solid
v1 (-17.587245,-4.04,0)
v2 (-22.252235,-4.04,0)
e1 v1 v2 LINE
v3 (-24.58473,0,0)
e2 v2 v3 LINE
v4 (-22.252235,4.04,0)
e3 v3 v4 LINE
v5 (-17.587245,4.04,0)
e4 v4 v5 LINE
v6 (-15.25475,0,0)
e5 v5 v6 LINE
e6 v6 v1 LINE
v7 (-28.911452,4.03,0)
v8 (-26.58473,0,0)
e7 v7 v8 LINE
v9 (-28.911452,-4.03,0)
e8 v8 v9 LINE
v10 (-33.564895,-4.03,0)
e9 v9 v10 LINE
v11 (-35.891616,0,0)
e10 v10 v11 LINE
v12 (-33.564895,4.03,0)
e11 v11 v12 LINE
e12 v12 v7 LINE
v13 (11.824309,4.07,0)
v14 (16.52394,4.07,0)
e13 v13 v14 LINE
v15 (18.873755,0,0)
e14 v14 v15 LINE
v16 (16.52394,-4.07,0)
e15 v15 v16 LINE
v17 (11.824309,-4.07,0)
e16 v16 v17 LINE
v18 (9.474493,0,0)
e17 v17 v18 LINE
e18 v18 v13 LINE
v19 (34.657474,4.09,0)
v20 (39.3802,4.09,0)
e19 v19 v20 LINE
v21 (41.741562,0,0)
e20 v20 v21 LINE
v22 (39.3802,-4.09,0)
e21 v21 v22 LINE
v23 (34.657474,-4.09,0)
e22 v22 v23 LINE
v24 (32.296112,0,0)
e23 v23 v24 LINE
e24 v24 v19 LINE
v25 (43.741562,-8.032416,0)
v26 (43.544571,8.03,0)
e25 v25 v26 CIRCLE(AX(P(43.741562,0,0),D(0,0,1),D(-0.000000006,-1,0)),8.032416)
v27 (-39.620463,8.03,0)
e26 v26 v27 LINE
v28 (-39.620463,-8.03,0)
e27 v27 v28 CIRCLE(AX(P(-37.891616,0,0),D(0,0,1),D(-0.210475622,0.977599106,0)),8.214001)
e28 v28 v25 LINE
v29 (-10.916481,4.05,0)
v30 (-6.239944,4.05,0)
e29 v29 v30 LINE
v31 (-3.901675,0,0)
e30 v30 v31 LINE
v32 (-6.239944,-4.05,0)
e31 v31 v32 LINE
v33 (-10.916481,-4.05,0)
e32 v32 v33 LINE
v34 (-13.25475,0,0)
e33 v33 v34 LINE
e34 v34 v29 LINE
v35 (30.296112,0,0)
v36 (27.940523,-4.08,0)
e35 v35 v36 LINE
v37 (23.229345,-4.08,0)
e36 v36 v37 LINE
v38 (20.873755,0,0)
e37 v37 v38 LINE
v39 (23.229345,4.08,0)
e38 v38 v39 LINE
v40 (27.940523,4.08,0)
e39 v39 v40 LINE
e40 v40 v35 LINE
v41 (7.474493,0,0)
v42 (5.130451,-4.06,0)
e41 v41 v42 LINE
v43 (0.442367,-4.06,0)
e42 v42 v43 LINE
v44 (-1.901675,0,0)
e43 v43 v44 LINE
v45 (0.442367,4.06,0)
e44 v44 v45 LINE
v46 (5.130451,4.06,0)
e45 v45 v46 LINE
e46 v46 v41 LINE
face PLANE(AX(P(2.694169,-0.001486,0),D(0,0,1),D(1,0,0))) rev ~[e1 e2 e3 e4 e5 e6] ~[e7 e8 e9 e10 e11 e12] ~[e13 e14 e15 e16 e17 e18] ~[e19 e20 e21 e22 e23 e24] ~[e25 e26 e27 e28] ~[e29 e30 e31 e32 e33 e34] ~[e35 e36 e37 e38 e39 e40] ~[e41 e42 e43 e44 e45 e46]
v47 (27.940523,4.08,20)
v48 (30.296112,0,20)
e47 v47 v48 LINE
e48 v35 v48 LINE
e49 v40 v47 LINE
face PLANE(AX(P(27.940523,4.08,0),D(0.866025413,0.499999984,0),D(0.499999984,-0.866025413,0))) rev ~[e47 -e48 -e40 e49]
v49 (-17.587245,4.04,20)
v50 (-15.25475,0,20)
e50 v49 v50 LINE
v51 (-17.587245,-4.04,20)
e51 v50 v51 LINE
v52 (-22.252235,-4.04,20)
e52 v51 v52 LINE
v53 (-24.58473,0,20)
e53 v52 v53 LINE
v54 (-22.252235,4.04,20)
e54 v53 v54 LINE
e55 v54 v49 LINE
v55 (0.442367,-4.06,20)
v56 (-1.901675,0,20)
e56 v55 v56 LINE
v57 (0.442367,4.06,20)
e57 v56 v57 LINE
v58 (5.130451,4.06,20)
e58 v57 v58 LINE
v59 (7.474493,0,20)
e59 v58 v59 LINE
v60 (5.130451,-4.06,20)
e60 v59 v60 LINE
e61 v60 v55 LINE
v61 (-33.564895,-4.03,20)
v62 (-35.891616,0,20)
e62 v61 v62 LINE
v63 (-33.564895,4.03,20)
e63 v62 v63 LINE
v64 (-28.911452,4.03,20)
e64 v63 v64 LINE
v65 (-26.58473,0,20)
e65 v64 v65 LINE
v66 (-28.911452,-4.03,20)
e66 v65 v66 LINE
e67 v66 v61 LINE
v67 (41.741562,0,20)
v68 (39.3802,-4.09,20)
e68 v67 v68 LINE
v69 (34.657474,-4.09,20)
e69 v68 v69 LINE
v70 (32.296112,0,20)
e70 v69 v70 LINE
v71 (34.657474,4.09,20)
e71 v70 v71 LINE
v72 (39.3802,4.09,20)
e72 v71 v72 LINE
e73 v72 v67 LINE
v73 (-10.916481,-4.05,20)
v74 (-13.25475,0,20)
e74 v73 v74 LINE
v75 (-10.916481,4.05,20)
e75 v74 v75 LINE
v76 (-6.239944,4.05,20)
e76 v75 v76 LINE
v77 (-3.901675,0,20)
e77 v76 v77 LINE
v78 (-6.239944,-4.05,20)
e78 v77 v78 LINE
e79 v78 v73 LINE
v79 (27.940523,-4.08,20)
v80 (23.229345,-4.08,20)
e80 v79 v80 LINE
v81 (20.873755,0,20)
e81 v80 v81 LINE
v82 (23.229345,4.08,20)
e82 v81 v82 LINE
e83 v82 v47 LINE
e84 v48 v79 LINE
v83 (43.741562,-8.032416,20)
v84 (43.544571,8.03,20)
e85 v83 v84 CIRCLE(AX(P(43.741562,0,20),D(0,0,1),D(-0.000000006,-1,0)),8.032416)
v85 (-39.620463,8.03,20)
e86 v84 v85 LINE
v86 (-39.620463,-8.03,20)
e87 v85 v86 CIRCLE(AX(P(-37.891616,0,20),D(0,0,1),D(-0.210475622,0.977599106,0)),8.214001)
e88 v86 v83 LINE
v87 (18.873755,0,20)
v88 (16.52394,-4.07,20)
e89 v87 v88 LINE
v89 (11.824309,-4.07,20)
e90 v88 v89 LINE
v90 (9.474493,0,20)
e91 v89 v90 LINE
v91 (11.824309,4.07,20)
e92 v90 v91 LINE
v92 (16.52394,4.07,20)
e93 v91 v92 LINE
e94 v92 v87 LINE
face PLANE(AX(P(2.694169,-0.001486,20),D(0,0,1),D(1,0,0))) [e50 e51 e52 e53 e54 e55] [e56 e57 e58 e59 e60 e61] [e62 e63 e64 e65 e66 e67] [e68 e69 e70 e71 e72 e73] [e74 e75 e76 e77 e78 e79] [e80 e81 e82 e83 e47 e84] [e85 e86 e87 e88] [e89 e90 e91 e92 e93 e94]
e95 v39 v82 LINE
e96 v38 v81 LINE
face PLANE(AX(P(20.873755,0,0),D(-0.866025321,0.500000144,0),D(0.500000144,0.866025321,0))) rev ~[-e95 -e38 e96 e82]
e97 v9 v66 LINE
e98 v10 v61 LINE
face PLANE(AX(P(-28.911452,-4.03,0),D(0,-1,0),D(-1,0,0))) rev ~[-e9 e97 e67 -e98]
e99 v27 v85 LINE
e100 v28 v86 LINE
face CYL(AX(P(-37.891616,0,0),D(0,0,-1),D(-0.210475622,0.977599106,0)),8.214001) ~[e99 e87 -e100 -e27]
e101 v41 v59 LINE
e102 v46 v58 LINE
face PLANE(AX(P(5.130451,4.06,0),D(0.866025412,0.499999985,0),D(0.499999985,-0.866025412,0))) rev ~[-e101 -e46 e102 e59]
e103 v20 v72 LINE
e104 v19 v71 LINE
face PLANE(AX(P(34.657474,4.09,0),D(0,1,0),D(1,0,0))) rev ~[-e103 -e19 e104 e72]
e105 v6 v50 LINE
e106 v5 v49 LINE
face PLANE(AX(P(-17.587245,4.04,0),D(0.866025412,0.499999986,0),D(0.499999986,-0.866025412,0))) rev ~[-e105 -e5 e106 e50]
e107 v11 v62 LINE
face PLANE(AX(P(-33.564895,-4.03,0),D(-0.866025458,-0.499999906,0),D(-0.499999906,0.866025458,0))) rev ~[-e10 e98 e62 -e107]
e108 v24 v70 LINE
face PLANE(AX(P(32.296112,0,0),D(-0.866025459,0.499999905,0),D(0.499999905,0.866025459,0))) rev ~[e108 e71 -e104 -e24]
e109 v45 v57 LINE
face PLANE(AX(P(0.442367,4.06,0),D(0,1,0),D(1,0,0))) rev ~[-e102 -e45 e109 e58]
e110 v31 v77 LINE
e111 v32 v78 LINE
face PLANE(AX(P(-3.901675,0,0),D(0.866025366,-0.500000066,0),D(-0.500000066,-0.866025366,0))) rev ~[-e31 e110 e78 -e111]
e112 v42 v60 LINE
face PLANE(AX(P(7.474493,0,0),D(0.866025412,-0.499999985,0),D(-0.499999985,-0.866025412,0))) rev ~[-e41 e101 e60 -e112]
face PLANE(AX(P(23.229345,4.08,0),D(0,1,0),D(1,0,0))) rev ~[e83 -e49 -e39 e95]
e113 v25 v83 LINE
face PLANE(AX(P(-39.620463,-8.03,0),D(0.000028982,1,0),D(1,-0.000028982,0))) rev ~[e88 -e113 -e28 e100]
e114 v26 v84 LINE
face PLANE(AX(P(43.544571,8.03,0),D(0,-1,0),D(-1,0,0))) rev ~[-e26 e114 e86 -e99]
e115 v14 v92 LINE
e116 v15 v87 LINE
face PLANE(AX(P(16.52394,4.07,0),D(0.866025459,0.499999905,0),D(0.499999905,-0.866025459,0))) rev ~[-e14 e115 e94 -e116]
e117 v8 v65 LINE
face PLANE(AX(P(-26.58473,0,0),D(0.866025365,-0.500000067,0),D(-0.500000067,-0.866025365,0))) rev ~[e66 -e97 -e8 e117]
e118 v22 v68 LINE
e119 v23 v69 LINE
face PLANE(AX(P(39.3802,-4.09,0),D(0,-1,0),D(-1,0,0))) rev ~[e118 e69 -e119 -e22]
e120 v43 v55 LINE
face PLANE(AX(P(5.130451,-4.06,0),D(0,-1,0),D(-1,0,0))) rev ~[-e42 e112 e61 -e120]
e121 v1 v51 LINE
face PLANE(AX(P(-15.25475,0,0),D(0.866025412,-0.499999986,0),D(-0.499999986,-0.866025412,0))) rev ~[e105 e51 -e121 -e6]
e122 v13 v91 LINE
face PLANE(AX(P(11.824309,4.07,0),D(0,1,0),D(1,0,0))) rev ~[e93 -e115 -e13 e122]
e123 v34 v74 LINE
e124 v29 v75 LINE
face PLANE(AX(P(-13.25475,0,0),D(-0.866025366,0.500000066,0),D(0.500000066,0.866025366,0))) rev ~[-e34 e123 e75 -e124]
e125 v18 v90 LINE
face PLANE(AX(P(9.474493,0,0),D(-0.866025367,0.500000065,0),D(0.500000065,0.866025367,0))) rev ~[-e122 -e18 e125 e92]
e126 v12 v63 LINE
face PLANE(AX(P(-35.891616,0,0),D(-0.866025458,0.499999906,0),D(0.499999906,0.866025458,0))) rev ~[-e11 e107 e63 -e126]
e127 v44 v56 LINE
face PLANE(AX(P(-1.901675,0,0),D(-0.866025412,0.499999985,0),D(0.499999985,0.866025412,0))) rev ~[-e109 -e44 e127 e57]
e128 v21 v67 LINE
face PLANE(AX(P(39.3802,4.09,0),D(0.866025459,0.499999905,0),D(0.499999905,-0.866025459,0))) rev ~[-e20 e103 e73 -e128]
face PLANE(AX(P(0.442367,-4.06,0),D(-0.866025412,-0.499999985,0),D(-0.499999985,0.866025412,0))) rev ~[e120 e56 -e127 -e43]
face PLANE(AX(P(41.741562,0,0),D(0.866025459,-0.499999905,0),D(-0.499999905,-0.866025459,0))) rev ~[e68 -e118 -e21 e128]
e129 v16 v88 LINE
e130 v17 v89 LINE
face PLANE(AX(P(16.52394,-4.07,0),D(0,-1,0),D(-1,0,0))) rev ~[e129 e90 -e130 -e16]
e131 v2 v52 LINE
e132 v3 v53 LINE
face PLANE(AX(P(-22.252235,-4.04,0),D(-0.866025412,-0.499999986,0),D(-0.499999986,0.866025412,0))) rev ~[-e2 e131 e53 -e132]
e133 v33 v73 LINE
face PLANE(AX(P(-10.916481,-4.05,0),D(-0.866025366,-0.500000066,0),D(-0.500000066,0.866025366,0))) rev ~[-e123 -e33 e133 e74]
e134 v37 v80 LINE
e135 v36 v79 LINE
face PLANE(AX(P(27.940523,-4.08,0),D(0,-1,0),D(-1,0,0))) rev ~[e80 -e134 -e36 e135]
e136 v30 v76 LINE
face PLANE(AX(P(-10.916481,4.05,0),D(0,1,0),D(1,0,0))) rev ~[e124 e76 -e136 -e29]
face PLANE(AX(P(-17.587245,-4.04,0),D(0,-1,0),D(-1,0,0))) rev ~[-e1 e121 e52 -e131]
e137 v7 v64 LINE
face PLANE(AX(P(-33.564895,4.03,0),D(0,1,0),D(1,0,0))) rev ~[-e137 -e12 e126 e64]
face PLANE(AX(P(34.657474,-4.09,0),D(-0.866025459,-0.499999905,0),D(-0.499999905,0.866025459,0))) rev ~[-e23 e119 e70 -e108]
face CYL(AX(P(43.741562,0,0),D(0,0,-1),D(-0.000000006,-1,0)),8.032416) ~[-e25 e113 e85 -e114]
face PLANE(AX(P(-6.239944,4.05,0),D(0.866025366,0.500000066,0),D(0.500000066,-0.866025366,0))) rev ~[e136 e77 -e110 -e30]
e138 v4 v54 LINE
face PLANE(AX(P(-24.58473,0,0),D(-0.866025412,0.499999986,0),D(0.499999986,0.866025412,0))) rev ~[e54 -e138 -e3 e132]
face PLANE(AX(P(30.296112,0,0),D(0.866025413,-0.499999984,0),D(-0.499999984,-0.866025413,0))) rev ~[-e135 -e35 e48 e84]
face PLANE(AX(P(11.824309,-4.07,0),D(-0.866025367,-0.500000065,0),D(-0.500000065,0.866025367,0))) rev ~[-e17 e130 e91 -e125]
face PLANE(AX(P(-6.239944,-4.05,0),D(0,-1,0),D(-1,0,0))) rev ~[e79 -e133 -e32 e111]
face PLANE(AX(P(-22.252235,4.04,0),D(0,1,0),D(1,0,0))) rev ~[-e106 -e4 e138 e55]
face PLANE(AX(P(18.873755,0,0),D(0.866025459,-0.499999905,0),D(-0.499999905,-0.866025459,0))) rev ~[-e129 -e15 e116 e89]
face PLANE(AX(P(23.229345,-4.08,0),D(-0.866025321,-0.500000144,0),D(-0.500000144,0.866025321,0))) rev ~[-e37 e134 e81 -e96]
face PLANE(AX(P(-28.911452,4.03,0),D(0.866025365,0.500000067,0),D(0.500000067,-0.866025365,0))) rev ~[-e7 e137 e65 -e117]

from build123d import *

# Parameters (mm, degrees)
F1_DEPTH = 20


with BuildPart() as f1:
    # F0 (on Top) → F1 (new body)
    with BuildSketch(Plane.XY):
        with BuildLine():
            Line((43.544571, 8.03), (-39.620463, 8.03))
            ThreePointArc((-39.620463, 8.03), (-46.105617, 0), (-39.620463, -8.03))
            Line((-39.620463, -8.03), (43.741562, -8.032416))
            ThreePointArc((43.741562, -8.032416), (51.773374, 0.098503), (43.544571, 8.03))
        make_face()
        Polygon((-26.58473, 0), (-28.911452, -4.03), (-33.564895, -4.03), (-35.891616, 0), (-33.564895, 4.03), (-28.911452, 4.03), align=None, mode=Mode.SUBTRACT)
        Polygon((-22.252235, 4.04), (-17.587245, 4.04), (-15.25475, 0), (-17.587245, -4.04), (-22.252235, -4.04), (-24.58473, 0), align=None, mode=Mode.SUBTRACT)
        Polygon((-13.25475, 0), (-10.916481, 4.05), (-6.239944, 4.05), (-3.901675, 0), (-6.239944, -4.05), (-10.916481, -4.05), align=None, mode=Mode.SUBTRACT)
        Polygon((-1.901675, 0), (0.442367, 4.06), (5.130451, 4.06), (7.474493, 0), (5.130451, -4.06), (0.442367, -4.06), align=None, mode=Mode.SUBTRACT)
        Polygon((9.474493, 0), (11.824309, 4.07), (16.52394, 4.07), (18.873755, 0), (16.52394, -4.07), (11.824309, -4.07), align=None, mode=Mode.SUBTRACT)
        Polygon((20.873755, 0), (23.229345, 4.08), (27.940523, 4.08), (30.296112, 0), (27.940523, -4.08), (23.229345, -4.08), align=None, mode=Mode.SUBTRACT)
        Polygon((32.296112, 0), (34.657474, 4.09), (39.3802, 4.09), (41.741562, 0), (39.3802, -4.09), (34.657474, -4.09), align=None, mode=Mode.SUBTRACT)
    extrude(amount=F1_DEPTH)


solid = f1.part
